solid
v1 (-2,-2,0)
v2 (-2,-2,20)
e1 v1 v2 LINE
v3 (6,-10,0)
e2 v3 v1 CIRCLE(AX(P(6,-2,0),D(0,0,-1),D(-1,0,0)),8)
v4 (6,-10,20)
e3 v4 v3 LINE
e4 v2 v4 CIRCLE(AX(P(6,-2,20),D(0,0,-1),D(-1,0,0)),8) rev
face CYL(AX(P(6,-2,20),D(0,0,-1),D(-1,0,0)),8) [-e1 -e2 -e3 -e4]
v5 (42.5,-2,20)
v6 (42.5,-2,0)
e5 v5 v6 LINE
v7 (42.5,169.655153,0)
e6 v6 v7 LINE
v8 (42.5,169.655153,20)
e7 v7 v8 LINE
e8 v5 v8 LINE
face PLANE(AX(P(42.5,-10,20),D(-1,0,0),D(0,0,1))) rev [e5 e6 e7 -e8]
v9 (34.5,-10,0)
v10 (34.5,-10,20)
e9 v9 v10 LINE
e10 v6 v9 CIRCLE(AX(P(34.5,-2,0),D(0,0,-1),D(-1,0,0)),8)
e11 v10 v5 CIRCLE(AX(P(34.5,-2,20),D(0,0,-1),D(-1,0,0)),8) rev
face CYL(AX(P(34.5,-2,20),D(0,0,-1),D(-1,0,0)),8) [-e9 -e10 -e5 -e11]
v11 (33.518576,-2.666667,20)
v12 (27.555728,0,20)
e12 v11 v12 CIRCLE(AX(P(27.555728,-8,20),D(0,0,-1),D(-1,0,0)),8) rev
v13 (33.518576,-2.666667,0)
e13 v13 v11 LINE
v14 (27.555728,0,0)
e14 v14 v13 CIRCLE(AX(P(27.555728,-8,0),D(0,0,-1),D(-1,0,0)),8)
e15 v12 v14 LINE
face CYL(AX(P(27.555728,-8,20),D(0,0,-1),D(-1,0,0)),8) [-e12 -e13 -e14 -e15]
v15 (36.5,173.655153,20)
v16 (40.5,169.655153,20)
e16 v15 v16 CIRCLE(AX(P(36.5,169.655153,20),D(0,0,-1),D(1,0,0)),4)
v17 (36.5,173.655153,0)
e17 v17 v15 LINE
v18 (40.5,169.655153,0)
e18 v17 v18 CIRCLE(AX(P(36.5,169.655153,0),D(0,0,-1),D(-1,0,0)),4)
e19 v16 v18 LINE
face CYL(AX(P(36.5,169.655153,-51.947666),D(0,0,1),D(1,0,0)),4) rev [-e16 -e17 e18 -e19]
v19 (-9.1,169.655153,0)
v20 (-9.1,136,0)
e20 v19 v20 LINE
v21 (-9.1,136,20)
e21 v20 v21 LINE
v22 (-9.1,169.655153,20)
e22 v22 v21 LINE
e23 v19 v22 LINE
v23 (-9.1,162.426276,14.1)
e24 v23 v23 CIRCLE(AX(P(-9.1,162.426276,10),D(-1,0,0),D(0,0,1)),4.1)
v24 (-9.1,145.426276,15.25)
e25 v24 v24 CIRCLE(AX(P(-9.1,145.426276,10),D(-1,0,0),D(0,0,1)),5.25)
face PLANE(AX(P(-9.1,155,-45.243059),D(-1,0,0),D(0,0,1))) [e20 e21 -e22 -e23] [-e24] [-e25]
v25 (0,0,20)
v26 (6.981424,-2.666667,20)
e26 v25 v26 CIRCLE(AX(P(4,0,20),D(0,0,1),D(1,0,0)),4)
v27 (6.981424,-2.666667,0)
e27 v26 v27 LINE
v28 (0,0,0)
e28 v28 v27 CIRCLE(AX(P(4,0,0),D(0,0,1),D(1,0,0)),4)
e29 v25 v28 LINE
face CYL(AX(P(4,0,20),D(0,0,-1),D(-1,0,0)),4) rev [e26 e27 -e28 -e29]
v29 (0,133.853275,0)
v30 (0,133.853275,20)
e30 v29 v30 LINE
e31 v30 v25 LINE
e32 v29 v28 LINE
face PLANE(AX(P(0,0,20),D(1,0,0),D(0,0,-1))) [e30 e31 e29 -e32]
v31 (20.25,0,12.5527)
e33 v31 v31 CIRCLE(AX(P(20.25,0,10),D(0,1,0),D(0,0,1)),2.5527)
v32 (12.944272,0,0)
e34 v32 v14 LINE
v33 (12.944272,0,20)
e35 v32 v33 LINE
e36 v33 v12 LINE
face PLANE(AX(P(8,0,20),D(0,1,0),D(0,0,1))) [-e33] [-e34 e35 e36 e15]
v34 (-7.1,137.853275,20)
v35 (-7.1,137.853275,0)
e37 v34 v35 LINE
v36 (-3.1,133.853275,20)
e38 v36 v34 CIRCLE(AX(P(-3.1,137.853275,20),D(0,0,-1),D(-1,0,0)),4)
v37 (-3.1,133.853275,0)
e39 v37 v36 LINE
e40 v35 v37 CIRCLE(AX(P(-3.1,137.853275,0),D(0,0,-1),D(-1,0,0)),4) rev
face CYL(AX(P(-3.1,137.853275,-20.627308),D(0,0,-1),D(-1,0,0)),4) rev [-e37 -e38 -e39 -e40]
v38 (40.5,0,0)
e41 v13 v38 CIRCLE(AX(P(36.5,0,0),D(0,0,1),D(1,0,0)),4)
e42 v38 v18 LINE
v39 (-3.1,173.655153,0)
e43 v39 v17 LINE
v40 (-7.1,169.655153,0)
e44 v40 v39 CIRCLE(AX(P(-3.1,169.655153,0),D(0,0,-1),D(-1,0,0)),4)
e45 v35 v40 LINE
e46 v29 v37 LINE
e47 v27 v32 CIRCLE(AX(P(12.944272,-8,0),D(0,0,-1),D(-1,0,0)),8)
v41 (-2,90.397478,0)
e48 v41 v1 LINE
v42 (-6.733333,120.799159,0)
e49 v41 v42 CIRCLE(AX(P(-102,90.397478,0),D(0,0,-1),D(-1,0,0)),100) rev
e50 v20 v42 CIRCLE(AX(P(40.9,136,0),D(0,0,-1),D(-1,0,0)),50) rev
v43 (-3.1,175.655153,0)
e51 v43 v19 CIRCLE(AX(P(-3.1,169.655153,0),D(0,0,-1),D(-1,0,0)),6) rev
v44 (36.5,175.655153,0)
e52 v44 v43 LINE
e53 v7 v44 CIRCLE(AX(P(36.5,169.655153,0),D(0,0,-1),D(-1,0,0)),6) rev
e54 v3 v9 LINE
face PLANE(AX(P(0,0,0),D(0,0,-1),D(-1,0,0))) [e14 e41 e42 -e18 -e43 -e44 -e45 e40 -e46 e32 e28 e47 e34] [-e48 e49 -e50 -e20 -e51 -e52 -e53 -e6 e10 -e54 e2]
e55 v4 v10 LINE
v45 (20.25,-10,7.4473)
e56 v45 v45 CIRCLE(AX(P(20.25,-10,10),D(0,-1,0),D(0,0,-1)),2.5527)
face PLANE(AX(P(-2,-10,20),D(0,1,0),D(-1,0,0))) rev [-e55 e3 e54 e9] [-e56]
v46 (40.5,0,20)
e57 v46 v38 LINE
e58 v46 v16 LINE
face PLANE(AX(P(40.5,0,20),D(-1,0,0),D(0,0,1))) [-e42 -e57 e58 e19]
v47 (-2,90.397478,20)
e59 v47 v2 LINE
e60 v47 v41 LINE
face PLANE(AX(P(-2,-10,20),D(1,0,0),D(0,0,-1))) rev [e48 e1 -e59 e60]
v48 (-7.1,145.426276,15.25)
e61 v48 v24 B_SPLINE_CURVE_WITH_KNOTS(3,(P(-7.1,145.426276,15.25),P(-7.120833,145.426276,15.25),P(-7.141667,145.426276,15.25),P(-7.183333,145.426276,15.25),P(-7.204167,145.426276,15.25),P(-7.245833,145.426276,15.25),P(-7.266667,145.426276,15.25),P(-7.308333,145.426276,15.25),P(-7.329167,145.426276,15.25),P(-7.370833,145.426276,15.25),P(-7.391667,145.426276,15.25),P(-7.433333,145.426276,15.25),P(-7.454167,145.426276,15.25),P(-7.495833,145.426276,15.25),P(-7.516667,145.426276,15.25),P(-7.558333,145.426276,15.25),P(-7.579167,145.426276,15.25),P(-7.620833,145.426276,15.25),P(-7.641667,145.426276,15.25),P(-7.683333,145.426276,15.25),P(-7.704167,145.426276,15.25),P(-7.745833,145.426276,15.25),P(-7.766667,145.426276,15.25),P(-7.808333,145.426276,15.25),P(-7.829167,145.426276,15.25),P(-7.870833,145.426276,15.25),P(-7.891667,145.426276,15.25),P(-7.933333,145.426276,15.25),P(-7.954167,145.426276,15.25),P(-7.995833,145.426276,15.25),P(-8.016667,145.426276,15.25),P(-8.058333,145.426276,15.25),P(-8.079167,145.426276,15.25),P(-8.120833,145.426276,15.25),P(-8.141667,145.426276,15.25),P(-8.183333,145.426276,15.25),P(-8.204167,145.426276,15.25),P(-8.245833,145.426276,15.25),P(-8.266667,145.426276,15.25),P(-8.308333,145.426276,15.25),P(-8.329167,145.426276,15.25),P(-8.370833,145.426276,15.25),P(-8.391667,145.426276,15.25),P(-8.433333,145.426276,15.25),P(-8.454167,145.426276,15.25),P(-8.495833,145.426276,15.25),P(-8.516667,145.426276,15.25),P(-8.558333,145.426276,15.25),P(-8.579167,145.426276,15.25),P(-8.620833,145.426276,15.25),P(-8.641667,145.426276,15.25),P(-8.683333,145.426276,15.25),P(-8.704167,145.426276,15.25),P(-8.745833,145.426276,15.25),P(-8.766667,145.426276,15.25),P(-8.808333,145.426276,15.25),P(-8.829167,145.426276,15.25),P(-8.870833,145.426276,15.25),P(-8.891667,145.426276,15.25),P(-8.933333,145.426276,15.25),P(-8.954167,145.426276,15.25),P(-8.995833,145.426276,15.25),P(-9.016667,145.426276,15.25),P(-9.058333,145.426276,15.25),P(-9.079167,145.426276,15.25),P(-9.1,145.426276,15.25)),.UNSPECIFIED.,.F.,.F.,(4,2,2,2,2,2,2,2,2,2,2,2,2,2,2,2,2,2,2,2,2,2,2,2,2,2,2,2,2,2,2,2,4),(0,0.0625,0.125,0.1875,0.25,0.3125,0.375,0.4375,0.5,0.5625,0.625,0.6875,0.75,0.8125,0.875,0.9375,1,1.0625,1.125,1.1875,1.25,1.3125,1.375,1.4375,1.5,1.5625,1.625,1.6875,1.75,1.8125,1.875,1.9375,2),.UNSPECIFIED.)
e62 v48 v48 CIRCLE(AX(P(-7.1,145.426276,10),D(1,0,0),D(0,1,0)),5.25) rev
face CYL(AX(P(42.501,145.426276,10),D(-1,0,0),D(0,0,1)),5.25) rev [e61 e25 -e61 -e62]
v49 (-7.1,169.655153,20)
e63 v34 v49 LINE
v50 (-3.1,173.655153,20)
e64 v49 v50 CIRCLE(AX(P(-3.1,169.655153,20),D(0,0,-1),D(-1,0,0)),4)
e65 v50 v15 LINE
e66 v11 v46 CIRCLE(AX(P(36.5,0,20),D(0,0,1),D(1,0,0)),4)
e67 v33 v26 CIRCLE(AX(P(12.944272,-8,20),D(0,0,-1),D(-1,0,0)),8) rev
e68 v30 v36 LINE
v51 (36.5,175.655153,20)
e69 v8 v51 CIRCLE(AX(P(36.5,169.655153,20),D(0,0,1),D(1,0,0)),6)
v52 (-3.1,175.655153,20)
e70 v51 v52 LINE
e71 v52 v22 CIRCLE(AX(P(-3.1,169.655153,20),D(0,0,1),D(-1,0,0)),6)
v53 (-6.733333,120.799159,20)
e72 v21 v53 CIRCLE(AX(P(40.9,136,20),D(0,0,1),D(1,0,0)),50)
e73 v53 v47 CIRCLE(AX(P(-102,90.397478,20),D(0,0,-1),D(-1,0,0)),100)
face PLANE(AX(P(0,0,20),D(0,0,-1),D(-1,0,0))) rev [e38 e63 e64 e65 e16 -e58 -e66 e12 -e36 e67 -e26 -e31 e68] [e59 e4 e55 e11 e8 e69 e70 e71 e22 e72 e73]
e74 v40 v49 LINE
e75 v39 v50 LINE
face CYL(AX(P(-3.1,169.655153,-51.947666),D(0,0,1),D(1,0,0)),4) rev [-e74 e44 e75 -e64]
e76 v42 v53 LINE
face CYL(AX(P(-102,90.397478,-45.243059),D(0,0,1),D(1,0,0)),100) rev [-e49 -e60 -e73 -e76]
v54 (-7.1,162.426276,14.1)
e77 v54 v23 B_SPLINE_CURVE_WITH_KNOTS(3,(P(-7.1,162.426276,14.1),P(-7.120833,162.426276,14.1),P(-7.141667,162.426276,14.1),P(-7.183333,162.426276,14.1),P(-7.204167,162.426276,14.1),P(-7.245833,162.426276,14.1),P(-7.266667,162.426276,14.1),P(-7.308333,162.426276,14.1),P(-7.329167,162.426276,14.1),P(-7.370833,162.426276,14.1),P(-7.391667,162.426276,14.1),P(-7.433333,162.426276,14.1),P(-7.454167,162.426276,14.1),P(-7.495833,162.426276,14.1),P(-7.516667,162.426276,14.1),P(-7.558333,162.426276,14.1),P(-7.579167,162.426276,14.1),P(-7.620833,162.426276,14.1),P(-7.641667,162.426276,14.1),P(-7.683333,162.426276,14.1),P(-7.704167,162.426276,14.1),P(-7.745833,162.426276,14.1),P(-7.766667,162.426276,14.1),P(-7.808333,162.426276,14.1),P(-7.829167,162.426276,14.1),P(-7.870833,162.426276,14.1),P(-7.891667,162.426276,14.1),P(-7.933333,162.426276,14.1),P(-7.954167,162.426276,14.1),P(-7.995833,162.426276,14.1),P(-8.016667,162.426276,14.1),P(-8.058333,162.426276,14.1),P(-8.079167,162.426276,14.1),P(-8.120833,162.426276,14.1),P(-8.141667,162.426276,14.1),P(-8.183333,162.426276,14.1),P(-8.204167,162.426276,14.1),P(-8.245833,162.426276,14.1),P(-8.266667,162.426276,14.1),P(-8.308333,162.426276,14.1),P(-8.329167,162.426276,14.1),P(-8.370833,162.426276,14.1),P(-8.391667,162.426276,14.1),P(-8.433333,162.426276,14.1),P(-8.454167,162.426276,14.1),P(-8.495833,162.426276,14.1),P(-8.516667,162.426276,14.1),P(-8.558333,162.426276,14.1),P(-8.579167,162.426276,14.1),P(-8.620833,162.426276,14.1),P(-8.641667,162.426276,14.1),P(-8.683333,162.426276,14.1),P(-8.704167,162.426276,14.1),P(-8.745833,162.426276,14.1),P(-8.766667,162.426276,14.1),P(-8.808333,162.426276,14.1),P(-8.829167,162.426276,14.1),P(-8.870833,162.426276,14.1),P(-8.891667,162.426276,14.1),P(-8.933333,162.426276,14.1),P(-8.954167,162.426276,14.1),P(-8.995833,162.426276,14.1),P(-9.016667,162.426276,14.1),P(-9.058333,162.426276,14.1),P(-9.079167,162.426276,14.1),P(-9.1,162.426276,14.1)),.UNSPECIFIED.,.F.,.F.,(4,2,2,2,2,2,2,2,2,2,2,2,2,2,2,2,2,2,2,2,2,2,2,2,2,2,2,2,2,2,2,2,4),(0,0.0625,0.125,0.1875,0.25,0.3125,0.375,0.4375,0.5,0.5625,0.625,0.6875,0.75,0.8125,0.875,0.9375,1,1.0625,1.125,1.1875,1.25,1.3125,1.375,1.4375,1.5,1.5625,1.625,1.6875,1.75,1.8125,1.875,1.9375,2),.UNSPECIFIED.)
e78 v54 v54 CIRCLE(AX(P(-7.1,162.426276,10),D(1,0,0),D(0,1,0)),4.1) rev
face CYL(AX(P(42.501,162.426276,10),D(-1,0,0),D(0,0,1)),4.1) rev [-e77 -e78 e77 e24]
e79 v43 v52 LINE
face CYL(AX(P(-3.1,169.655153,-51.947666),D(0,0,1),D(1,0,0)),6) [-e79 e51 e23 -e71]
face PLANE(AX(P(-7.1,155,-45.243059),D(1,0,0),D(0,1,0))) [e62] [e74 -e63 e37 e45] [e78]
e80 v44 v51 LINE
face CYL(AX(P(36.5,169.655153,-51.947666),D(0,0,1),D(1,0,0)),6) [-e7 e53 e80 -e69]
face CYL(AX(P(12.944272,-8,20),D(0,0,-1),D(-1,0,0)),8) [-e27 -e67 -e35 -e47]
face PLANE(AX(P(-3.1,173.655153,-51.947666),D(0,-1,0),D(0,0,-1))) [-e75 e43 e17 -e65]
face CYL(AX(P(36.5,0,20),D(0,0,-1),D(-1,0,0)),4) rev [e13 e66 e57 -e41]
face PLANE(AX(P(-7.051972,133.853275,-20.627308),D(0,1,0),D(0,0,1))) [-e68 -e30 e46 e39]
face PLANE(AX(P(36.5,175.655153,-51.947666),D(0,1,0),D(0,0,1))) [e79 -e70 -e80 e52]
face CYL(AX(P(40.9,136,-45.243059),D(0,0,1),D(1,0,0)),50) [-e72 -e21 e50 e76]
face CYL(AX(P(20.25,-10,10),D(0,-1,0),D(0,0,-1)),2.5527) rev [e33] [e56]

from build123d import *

# Parameters (mm, degrees)
SKETCH_1_W                = 44.5
SKETCH_1_H                = 182
EXTRUDE_1_DEPTH           = 20
FILLET_1_R                = 8
HOLE_WIZARD_1_4_201_D     = 5.1054
HOLE_WIZARD_1_4_201_DEPTH = 10
EXTRUDE_2_DEPTH           = 20
FILLET_2_R                = 100
CUT_EXTRUDE_1_REACH       = 180.298
CUT_EXTRUDE_2_REACH       = 180.781
SKETCH_7_R                = 5.25
EXTRUDE_3_DEPTH           = 20
FILLET_7_R                = 4
SKETCH_10_W               = 2
SKETCH_10_H               = 17.136672327
EXTRUDE_4_DEPTH           = 20
CUT_EXTRUDE_3_REACH       = 182.814
SKETCH_11_R               = 4.1
CUT_EXTRUDE_START         = -20
SKETCH_12_W               = 51.6
SKETCH_12_H               = 2.481518881
CUT_EXTRUDE_4_DEPTH       = 20
EXTRUDE_5_DEPTH           = 20


with BuildPart() as part:
    # Эскиз1 → Бобышка-Вытянуть1 (new body)
    with BuildSketch(Plane.XY):
        with Locations((20.25, 81)):
            Rectangle(SKETCH_1_W, SKETCH_1_H)
        with BuildLine():
            Line((8, 0), (32.5, 0))
            ThreePointArc((32.5, 0), (36.5, -4), (40.5, 0))
            Line((40.5, 0), (40.5, 170))
            Line((40.5, 170), (0, 170))
            Line((0, 170), (0, 0))
            ThreePointArc((0, 0), (4, -4), (8, 0))
        make_face(mode=Mode.SUBTRACT)
    extrude(amount=EXTRUDE_1_DEPTH)

    # Скругление1
    fillet_1_edges = [part.edges().sort_by_distance(p)[0] for p in [
        (8, 0, 10),
        (32.5, 0, 10),
        (42.5, -10, 10),
        (-2, -10, 10),
    ]]
    fillet(fillet_1_edges, radius=FILLET_1_R)

    # Отверстие обработанное метчиком 1/4-201
    with Locations(Plane(origin=(0, -10, 0), x_dir=(-1, 0, 0), z_dir=(0, -1, 0))):
        with Locations((-20.25, -10)):
            Hole(HOLE_WIZARD_1_4_201_D / 2, depth=HOLE_WIZARD_1_4_201_DEPTH)

    # Эскиз5 → Бобышка-Вытянуть2 (add)
    with BuildSketch(Plane.XY.offset(20)):
        with BuildLine():
            Line((-7.1, 155), (-7.1, 136))
            ThreePointArc((-7.1, 136), (-5.807601094, 124.936546651), (-2, 114.468859761))
            Line((-2, 114.468859761), (-2, 110.317515696))
            ThreePointArc((-2, 110.317515696), (-7.29232304, 122.677087406), (-9.1, 136))
            Line((-9.1, 136), (-9.1, 155))
            Line((-9.1, 155), (-7.1, 155))
        make_face()
    extrude(amount=-EXTRUDE_2_DEPTH)

    # Скругление2
    fillet_2_edges = [part.edges().sort_by_distance(p)[0] for p in [
        (-2, 110.317515696, 10),
    ]]
    fillet(fillet_2_edges, radius=FILLET_2_R)

    # Эскиз6 → Вырез-Вытянуть1 (cut, up to next)
    with BuildSketch(Plane.XY.offset(20), mode=Mode.PRIVATE) as cut_extrude_1_sk1:
        Polygon((0, 170), (0, 114.468859761), (-2, 114.468859761), (-2, 170), (-2, 172), (42.5, 172), (42.5, 170), align=None)
    cut_extrude_1_tool1 = extrude(cut_extrude_1_sk1.sketch, amount=-CUT_EXTRUDE_1_REACH, mode=Mode.PRIVATE) & part.part
    add(cut_extrude_1_tool1.solids().sort_by_distance((-0.72733, 142.23443, 20))[0], mode=Mode.SUBTRACT)

    # Эскиз7 → Вырез-Вытянуть2 (cut, up to next)
    with BuildSketch(Plane.ZY.offset(9.1), mode=Mode.PRIVATE) as cut_extrude_2_sk1:
        with Locations((10, 145.426275666)):
            Circle(SKETCH_7_R)
    cut_extrude_2_tool1 = extrude(cut_extrude_2_sk1.sketch, amount=-CUT_EXTRUDE_2_REACH, mode=Mode.PRIVATE) & part.part
    add(cut_extrude_2_tool1.solids().sort_by_distance((-9.1, 145.426276, 10))[0], mode=Mode.SUBTRACT)

    # Эскиз9 → Бобышка-Вытянуть3 (add)
    with BuildSketch(Plane.XY.offset(20)):
        with BuildLine():
            Line((-7.051971502, 133.853274797), (0, 133.853274797))
            Line((0, 133.853274797), (0, 114.468859761))
            Line((0, 114.468859761), (-2, 114.468859761))
            ThreePointArc((-2, 114.468859761), (-5.548456035, 123.894590796), (-7.051971502, 133.853274797))
        make_face()
    extrude(amount=-EXTRUDE_3_DEPTH)

    # Скругление7
    fillet_7_edges = [part.edges().sort_by_distance(p)[0] for p in [
        (-7.051971502, 133.853274797, 10),
    ]]
    fillet(fillet_7_edges, radius=FILLET_7_R)

    # Эскиз10 → Бобышка-Вытянуть4 (add)
    with BuildSketch(Plane.XY.offset(20)):
        with Locations((-8.1, 163.568336164)):
            Rectangle(SKETCH_10_W, SKETCH_10_H)
    extrude(amount=-EXTRUDE_4_DEPTH)

    # Эскиз11 → Вырез-Вытянуть3 (cut, up to next)
    with BuildSketch(Plane.ZY.offset(9.1), mode=Mode.PRIVATE) as cut_extrude_3_sk1:
        with Locations((10, 162.426275666)):
            Circle(SKETCH_11_R)
    cut_extrude_3_tool1 = extrude(cut_extrude_3_sk1.sketch, amount=-CUT_EXTRUDE_3_REACH, mode=Mode.PRIVATE) & part.part
    add(cut_extrude_3_tool1.solids().sort_by_distance((-9.1, 162.426276, 10))[0], mode=Mode.SUBTRACT)

    # Эскиз12 → Вырез-Вытянуть4 (cut)
    with BuildSketch(Plane.XY.offset(20).offset(CUT_EXTRUDE_START)):
        with Locations((16.7, 170.895912887)):
            Rectangle(SKETCH_12_W, SKETCH_12_H)
    extrude(amount=CUT_EXTRUDE_4_DEPTH, mode=Mode.SUBTRACT)

    # Эскиз13 → Бобышка-Вытянуть5 (add)
    with BuildSketch(Plane.XY.offset(20)):
        with BuildLine():
            Line((36.5, 175.655153446), (-3.1, 175.655153446))
            ThreePointArc((-3.1, 175.655153446), (-7.342640687, 173.897794133), (-9.1, 169.655153446))
            Line((-9.1, 169.655153446), (-7.1, 169.655153446))
            ThreePointArc((-7.1, 169.655153446), (-5.928427125, 172.483580571), (-3.1, 173.655153446))
            Line((-3.1, 173.655153446), (36.5, 173.655153446))
            ThreePointArc((36.5, 173.655153446), (39.328427125, 172.483580571), (40.5, 169.655153446))
            Line((40.5, 169.655153446), (42.5, 169.655153446))
            ThreePointArc((42.5, 169.655153446), (40.742640687, 173.897794133), (36.5, 175.655153446))
        make_face()
    extrude(amount=-EXTRUDE_5_DEPTH)


solid = part.part
